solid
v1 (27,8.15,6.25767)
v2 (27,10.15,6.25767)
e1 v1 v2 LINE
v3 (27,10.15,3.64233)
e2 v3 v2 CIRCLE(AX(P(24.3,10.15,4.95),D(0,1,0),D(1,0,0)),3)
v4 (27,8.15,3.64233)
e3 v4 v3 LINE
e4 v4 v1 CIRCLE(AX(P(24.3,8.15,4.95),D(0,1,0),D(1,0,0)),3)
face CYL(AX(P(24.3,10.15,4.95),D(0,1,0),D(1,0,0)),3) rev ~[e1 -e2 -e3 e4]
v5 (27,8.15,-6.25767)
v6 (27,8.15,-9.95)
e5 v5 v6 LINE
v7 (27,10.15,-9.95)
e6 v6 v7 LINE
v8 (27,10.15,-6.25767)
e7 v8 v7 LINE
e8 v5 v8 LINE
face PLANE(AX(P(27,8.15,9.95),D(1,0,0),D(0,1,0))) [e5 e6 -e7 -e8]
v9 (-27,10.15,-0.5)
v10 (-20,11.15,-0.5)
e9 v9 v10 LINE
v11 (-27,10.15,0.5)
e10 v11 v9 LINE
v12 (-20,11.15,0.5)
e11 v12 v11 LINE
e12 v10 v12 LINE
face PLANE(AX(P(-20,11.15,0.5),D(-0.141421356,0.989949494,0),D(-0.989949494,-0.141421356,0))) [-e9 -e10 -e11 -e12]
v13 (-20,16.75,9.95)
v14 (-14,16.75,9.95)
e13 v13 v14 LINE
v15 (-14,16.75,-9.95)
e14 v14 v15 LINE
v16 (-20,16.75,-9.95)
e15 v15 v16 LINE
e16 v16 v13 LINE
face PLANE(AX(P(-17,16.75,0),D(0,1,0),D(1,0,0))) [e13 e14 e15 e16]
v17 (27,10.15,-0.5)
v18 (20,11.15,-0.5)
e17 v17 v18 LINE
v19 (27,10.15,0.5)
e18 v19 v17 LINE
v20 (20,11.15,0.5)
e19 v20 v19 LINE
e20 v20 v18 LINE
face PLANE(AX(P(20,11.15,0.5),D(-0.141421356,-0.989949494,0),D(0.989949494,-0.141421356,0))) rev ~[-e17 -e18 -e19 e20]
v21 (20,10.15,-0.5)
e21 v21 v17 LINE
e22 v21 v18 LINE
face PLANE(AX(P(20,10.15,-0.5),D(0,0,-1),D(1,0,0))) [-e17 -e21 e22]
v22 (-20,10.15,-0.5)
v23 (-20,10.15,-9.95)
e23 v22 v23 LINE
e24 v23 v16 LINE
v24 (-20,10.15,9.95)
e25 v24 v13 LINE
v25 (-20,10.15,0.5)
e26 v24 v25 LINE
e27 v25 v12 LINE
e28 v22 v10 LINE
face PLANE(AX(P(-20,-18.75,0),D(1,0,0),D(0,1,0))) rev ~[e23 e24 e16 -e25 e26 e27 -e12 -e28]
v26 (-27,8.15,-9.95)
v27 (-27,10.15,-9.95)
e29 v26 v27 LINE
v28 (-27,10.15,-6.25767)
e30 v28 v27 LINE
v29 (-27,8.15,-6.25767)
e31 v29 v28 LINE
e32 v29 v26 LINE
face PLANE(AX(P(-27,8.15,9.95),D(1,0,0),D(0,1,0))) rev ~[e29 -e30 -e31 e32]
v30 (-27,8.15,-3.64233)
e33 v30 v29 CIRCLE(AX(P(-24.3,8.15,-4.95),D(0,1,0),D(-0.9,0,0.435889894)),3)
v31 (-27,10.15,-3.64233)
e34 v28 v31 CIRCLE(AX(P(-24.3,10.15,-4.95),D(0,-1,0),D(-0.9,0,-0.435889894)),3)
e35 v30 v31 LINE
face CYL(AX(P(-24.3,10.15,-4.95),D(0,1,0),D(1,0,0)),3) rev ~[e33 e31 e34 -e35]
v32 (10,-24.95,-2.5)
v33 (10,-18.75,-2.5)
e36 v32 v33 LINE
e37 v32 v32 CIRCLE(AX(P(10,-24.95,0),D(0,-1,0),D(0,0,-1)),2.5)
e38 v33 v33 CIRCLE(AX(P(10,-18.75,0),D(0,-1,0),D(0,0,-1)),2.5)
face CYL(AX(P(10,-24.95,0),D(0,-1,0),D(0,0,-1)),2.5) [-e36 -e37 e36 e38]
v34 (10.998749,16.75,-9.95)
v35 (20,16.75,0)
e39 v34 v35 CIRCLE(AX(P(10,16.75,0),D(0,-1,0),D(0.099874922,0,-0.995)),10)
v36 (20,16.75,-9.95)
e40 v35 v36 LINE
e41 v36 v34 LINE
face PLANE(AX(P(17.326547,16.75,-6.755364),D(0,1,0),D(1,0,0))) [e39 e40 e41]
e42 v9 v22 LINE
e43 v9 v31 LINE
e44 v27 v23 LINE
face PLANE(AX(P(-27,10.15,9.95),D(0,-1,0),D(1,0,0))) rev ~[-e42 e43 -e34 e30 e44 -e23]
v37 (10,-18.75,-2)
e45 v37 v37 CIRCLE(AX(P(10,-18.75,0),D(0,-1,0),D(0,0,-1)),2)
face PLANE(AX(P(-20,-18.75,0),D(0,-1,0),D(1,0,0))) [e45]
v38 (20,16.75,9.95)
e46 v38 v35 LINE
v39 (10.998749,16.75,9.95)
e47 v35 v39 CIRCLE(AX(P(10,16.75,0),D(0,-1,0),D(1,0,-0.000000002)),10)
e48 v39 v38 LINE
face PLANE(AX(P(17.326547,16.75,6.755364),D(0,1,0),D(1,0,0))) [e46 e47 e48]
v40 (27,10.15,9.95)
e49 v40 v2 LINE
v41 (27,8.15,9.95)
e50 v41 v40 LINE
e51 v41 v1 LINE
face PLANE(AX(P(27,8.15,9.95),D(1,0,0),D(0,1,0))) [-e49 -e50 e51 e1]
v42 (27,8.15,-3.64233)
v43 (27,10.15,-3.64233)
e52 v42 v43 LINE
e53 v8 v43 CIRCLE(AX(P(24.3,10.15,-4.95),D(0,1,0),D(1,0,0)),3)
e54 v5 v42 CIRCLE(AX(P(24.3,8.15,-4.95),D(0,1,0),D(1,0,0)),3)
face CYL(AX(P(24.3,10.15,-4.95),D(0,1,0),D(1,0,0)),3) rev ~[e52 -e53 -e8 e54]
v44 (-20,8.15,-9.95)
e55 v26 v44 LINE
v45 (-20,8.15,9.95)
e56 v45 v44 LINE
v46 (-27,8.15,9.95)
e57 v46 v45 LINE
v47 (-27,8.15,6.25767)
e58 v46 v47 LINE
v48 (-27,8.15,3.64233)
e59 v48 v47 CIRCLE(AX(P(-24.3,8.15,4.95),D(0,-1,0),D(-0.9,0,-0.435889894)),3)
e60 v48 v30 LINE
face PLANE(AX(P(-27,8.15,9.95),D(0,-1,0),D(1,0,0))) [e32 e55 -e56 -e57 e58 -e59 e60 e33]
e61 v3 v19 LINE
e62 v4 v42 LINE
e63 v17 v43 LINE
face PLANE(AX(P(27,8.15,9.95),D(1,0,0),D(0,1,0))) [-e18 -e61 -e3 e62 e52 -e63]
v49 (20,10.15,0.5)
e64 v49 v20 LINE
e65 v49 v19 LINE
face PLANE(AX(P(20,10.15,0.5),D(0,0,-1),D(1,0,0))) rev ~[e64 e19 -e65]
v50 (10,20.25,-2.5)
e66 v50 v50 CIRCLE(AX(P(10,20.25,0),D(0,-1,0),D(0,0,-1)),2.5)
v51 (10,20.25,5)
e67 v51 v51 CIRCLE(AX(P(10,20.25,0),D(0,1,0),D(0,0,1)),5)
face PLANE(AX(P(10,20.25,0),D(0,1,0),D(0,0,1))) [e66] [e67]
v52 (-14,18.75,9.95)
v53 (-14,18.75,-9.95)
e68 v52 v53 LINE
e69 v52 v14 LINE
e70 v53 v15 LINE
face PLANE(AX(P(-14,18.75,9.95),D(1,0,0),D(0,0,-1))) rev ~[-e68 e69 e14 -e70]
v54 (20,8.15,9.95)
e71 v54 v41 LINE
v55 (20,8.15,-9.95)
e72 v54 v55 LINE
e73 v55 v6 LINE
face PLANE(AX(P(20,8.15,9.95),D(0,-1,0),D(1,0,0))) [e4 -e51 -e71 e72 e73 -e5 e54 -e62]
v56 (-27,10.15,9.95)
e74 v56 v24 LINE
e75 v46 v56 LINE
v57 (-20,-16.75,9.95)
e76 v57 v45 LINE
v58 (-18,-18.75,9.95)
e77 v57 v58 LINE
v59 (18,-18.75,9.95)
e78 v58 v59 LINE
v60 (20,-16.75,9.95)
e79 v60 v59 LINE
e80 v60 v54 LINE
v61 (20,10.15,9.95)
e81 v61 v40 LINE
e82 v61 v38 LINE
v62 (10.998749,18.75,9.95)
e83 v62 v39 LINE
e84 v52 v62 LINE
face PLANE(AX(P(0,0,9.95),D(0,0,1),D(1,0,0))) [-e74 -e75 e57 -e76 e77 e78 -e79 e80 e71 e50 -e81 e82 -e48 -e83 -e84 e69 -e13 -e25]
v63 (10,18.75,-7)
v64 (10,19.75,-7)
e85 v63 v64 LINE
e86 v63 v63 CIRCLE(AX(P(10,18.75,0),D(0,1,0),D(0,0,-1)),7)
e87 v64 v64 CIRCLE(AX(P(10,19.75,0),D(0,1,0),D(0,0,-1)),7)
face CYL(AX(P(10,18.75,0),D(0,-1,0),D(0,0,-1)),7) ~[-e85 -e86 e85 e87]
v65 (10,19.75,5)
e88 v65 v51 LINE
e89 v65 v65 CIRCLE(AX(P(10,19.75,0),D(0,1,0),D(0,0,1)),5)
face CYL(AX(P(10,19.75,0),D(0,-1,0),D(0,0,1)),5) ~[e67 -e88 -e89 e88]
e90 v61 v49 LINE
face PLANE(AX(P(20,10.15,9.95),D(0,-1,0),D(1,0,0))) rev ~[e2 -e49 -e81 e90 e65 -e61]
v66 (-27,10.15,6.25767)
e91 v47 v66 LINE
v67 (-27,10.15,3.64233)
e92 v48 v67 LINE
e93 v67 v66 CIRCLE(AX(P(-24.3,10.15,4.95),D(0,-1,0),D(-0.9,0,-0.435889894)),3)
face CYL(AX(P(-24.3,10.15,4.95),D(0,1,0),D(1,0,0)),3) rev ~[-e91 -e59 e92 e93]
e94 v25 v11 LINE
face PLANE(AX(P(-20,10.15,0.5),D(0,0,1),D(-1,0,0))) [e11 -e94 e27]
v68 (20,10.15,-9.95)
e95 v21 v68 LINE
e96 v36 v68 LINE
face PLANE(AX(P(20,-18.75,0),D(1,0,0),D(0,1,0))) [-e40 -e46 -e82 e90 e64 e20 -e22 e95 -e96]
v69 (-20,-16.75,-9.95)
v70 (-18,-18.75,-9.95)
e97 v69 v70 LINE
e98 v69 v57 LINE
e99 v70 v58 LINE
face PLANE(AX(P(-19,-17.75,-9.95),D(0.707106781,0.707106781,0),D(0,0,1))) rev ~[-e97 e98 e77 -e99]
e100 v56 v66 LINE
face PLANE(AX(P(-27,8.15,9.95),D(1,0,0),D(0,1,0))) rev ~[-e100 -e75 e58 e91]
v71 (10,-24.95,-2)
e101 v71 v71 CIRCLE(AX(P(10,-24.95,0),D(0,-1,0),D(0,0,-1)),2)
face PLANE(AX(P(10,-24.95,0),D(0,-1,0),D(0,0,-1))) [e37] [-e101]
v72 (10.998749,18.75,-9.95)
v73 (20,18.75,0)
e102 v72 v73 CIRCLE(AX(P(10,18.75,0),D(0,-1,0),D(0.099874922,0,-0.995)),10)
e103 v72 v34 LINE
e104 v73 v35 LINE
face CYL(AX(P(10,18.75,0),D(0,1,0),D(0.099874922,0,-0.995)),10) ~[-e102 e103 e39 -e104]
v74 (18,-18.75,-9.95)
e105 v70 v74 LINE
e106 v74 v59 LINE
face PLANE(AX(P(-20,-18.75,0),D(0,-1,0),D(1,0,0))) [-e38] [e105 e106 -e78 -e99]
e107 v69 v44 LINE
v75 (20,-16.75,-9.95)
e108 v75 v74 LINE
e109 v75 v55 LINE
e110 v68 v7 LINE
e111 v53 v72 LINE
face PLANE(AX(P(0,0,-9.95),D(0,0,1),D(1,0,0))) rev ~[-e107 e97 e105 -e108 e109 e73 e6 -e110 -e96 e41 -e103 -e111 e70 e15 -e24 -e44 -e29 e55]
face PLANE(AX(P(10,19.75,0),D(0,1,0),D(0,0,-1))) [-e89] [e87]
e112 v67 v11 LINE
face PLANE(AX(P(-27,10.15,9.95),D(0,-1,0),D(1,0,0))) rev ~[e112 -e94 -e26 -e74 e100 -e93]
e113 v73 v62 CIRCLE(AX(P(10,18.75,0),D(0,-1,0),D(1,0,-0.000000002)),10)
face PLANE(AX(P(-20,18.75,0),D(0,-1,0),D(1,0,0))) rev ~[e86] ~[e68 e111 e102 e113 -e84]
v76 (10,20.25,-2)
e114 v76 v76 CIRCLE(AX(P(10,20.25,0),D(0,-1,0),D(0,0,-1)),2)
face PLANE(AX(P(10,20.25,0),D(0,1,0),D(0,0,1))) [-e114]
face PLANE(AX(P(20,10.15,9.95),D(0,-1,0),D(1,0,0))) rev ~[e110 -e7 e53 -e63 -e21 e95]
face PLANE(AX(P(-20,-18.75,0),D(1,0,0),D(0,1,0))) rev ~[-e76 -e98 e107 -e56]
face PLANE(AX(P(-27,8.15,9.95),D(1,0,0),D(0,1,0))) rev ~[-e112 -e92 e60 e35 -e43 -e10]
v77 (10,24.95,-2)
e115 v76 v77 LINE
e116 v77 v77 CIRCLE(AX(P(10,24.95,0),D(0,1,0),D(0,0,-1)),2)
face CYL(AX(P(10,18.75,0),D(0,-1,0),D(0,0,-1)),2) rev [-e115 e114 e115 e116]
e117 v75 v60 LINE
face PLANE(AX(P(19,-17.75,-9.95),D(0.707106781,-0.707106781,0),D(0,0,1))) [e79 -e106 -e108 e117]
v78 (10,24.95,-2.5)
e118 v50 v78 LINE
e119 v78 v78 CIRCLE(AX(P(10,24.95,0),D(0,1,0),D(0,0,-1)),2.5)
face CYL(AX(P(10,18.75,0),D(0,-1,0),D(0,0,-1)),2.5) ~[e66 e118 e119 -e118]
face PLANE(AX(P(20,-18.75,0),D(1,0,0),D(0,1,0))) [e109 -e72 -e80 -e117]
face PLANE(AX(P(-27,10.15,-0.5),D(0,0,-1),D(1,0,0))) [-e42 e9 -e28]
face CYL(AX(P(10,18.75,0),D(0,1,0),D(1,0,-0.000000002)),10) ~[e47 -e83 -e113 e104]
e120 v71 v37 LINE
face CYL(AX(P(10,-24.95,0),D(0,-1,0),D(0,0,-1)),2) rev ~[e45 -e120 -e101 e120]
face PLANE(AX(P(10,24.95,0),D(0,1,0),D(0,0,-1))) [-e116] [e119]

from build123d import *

# Parameters (mm, degrees)
SKETCH_2_W          = 40
SKETCH_2_H          = 37.5
EXTRUDE_1_DEPTH     = 9.95
SKETCH_3_W          = 7
SKETCH_3_H          = 2
EXTRUDE_2_DEPTH     = 19.9
EXTRUDE_2_2_DEPTH   = 19.9
SKETCH_4_R          = 3
CUT_EXTRUDE_1_DEPTH = 19.9
SKETCH_5_W          = 7
SKETCH_5_H          = 1
EXTRUDE_3_DEPTH     = 1
CUT_EXTRUDE_2_DEPTH = 35.492970298
CUT_EXTRUDE_6_DEPTH = 2
CUT_EXTRUDE_7_DEPTH = 2
SKETCH_10_R         = 2.5
SKETCH_10_R_2       = 2
EXTRUDE_4_DEPTH     = 6.2
SKETCH_11_R         = 7
EXTRUDE_5_DEPTH     = 1
SKETCH_12_R         = 5
EXTRUDE_6_DEPTH     = 0.5
EXTRUDE_START       = 6.2
SKETCH_13_R         = 2.5
SKETCH_13_R_2       = 2
EXTRUDE_7_DEPTH     = 6.2
CHAMFER_1_SIZE      = 2


with BuildPart() as part:
    # 草图2 → 凸台-拉伸1 (new, symmetric)
    with BuildSketch(Plane.XY):
        Rectangle(SKETCH_2_W, SKETCH_2_H)
    extrude(amount=EXTRUDE_1_DEPTH, both=True)



with BuildPart() as body_2:
    # 草图3 → 凸台-拉伸2 (new body)
    with BuildSketch(Plane.XY.offset(9.95)):
        with Locations((23.5, 9.15)):
            Rectangle(SKETCH_3_W, SKETCH_3_H)
    extrude(amount=-EXTRUDE_2_DEPTH)


with BuildPart() as body_3:
    # 草图3 → Extrude 2 2 (new body)
    with BuildSketch(Plane.XY.offset(9.95)):
        with Locations((-23.5, 9.15)):
            Rectangle(SKETCH_3_W, SKETCH_3_H)
    extrude(amount=-EXTRUDE_2_2_DEPTH)


with BuildPart() as cut_extrude_1_tool:
    # 草图4 → 切除-拉伸1 (new body)
    with BuildSketch(Plane(origin=(0, 10.15, 0), x_dir=(1, 0, 0), z_dir=(0, 1, 0))):
        with Locations((-24.3, 4.95)):
            Circle(SKETCH_4_R)
        with Locations((24.3, 4.95)):
            Circle(SKETCH_4_R)
        with Locations((24.3, -4.95)):
            Circle(SKETCH_4_R)
        with Locations((-24.3, -4.95)):
            Circle(SKETCH_4_R)
    extrude(amount=-CUT_EXTRUDE_1_DEPTH)


with BuildPart() as body_2_1:
    add(body_2.part)

    # 切除-拉伸1: cut by cut_extrude_1_tool
    add(cut_extrude_1_tool.part, mode=Mode.SUBTRACT)


with BuildPart() as body_3_1:
    add(body_3.part)

    # 切除-拉伸1: cut by cut_extrude_1_tool
    add(cut_extrude_1_tool.part, mode=Mode.SUBTRACT)


with BuildPart() as part_1:
    add(part.part)

    add(body_2_1.part)  # 凸台-拉伸3 merges body 2

    add(body_3_1.part)  # 凸台-拉伸3 merges body 3
    # 草图5 → 凸台-拉伸3 (add)
    with BuildSketch(Plane(origin=(0, 10.15, 0), x_dir=(1, 0, 0), z_dir=(0, 1, 0))):
        Polygon((-27, 0), (-27, 0.5), (-20, 0.5), (-20, -0.5), (-27, -0.5), align=None)
        with Locations((23.5, 0)):
            Rectangle(SKETCH_5_W, SKETCH_5_H)
    extrude(amount=EXTRUDE_3_DEPTH)

    # 草图6 → 切除-拉伸2 (cut, through all)
    with BuildSketch(Plane.XY.offset(0.5)):
        Polygon((20, 11.15), (27, 10.15), (27, 11.15), align=None)
        Polygon((-27, 10.15), (-27, 11.15), (-20, 11.15), align=None)
    extrude(amount=-CUT_EXTRUDE_2_DEPTH, mode=Mode.SUBTRACT)

    # 草图8 → 切除-拉伸6 (cut)
    with BuildSketch(Plane(origin=(0, 18.75, 0), x_dir=(1, 0, 0), z_dir=(0, 1, 0))):
        Polygon((-20, 9.95), (-20, -9.95), (-14, -9.95), (-14, -9.85), (-14, 9.85), (-14, 9.95), align=None)
    extrude(amount=-CUT_EXTRUDE_6_DEPTH, mode=Mode.SUBTRACT)

    # 草图9 → 切除-拉伸7 (cut)
    with BuildSketch(Plane(origin=(0, 18.75, 0), x_dir=(1, 0, 0), z_dir=(0, 1, 0))):
        with BuildLine():
            Line((20, 1.9e-08), (20, 9.95))
            Line((20, 9.95), (10.998749218, 9.95))
            ThreePointArc((10.998749218, 9.95), (17.41577683, 6.708670062), (20, 1.9e-08))
        make_face()
        with BuildLine():
            Line((20, -9.95), (20, 1.9e-08))
            ThreePointArc((20, 1.9e-08), (17.415776843, -6.708670048), (10.998749218, -9.95))
            Line((10.998749218, -9.95), (20, -9.95))
        make_face()
    extrude(amount=-CUT_EXTRUDE_7_DEPTH, mode=Mode.SUBTRACT)

    # 草图10 → 凸台-拉伸4 (add)
    with BuildSketch(Plane(origin=(0, 18.75, 0), x_dir=(1, 0, 0), z_dir=(0, 1, 0))):
        with Locations(Location((10, 0, 0), (0, 0, 90))):
            Circle(SKETCH_10_R)
        with Locations(Location((10, 0, 0), (0, 0, 90))):
            Circle(SKETCH_10_R_2, mode=Mode.SUBTRACT)
    extrude(amount=EXTRUDE_4_DEPTH)

    # 草图11 → 凸台-拉伸5 (add)
    with BuildSketch(Plane(origin=(0, 18.75, 0), x_dir=(1, 0, 0), z_dir=(0, 1, 0))):
        with Locations(Location((10, 0, 0), (0, 0, 90))):
            Circle(SKETCH_11_R)
    extrude(amount=EXTRUDE_5_DEPTH)

    # 草图12 → 凸台-拉伸6 (add)
    with BuildSketch(Plane(origin=(0, 19.75, 0), x_dir=(1, 0, 0), z_dir=(0, 1, 0))):
        with Locations(Location((10, 0, 0), (0, 0, 270))):
            Circle(SKETCH_12_R)
    extrude(amount=EXTRUDE_6_DEPTH)

    # 草图13 → 凸台-拉伸7 (add)
    with BuildSketch(Plane.XZ.offset(18.75).offset(EXTRUDE_START)):
        with Locations(Location((10, 0, 0), (0, 0, 270))):
            Circle(SKETCH_13_R)
        with Locations(Location((10, 0, 0), (0, 0, 270))):
            Circle(SKETCH_13_R_2, mode=Mode.SUBTRACT)
    extrude(amount=-EXTRUDE_7_DEPTH)

    # 倒角1
    chamfer_1_edges = [part_1.edges().sort_by_distance(p)[0] for p in [
        (20, -18.75, 0),
        (-20, -18.75, 0),
    ]]
    chamfer(chamfer_1_edges, length=CHAMFER_1_SIZE)


solid = part_1.part
